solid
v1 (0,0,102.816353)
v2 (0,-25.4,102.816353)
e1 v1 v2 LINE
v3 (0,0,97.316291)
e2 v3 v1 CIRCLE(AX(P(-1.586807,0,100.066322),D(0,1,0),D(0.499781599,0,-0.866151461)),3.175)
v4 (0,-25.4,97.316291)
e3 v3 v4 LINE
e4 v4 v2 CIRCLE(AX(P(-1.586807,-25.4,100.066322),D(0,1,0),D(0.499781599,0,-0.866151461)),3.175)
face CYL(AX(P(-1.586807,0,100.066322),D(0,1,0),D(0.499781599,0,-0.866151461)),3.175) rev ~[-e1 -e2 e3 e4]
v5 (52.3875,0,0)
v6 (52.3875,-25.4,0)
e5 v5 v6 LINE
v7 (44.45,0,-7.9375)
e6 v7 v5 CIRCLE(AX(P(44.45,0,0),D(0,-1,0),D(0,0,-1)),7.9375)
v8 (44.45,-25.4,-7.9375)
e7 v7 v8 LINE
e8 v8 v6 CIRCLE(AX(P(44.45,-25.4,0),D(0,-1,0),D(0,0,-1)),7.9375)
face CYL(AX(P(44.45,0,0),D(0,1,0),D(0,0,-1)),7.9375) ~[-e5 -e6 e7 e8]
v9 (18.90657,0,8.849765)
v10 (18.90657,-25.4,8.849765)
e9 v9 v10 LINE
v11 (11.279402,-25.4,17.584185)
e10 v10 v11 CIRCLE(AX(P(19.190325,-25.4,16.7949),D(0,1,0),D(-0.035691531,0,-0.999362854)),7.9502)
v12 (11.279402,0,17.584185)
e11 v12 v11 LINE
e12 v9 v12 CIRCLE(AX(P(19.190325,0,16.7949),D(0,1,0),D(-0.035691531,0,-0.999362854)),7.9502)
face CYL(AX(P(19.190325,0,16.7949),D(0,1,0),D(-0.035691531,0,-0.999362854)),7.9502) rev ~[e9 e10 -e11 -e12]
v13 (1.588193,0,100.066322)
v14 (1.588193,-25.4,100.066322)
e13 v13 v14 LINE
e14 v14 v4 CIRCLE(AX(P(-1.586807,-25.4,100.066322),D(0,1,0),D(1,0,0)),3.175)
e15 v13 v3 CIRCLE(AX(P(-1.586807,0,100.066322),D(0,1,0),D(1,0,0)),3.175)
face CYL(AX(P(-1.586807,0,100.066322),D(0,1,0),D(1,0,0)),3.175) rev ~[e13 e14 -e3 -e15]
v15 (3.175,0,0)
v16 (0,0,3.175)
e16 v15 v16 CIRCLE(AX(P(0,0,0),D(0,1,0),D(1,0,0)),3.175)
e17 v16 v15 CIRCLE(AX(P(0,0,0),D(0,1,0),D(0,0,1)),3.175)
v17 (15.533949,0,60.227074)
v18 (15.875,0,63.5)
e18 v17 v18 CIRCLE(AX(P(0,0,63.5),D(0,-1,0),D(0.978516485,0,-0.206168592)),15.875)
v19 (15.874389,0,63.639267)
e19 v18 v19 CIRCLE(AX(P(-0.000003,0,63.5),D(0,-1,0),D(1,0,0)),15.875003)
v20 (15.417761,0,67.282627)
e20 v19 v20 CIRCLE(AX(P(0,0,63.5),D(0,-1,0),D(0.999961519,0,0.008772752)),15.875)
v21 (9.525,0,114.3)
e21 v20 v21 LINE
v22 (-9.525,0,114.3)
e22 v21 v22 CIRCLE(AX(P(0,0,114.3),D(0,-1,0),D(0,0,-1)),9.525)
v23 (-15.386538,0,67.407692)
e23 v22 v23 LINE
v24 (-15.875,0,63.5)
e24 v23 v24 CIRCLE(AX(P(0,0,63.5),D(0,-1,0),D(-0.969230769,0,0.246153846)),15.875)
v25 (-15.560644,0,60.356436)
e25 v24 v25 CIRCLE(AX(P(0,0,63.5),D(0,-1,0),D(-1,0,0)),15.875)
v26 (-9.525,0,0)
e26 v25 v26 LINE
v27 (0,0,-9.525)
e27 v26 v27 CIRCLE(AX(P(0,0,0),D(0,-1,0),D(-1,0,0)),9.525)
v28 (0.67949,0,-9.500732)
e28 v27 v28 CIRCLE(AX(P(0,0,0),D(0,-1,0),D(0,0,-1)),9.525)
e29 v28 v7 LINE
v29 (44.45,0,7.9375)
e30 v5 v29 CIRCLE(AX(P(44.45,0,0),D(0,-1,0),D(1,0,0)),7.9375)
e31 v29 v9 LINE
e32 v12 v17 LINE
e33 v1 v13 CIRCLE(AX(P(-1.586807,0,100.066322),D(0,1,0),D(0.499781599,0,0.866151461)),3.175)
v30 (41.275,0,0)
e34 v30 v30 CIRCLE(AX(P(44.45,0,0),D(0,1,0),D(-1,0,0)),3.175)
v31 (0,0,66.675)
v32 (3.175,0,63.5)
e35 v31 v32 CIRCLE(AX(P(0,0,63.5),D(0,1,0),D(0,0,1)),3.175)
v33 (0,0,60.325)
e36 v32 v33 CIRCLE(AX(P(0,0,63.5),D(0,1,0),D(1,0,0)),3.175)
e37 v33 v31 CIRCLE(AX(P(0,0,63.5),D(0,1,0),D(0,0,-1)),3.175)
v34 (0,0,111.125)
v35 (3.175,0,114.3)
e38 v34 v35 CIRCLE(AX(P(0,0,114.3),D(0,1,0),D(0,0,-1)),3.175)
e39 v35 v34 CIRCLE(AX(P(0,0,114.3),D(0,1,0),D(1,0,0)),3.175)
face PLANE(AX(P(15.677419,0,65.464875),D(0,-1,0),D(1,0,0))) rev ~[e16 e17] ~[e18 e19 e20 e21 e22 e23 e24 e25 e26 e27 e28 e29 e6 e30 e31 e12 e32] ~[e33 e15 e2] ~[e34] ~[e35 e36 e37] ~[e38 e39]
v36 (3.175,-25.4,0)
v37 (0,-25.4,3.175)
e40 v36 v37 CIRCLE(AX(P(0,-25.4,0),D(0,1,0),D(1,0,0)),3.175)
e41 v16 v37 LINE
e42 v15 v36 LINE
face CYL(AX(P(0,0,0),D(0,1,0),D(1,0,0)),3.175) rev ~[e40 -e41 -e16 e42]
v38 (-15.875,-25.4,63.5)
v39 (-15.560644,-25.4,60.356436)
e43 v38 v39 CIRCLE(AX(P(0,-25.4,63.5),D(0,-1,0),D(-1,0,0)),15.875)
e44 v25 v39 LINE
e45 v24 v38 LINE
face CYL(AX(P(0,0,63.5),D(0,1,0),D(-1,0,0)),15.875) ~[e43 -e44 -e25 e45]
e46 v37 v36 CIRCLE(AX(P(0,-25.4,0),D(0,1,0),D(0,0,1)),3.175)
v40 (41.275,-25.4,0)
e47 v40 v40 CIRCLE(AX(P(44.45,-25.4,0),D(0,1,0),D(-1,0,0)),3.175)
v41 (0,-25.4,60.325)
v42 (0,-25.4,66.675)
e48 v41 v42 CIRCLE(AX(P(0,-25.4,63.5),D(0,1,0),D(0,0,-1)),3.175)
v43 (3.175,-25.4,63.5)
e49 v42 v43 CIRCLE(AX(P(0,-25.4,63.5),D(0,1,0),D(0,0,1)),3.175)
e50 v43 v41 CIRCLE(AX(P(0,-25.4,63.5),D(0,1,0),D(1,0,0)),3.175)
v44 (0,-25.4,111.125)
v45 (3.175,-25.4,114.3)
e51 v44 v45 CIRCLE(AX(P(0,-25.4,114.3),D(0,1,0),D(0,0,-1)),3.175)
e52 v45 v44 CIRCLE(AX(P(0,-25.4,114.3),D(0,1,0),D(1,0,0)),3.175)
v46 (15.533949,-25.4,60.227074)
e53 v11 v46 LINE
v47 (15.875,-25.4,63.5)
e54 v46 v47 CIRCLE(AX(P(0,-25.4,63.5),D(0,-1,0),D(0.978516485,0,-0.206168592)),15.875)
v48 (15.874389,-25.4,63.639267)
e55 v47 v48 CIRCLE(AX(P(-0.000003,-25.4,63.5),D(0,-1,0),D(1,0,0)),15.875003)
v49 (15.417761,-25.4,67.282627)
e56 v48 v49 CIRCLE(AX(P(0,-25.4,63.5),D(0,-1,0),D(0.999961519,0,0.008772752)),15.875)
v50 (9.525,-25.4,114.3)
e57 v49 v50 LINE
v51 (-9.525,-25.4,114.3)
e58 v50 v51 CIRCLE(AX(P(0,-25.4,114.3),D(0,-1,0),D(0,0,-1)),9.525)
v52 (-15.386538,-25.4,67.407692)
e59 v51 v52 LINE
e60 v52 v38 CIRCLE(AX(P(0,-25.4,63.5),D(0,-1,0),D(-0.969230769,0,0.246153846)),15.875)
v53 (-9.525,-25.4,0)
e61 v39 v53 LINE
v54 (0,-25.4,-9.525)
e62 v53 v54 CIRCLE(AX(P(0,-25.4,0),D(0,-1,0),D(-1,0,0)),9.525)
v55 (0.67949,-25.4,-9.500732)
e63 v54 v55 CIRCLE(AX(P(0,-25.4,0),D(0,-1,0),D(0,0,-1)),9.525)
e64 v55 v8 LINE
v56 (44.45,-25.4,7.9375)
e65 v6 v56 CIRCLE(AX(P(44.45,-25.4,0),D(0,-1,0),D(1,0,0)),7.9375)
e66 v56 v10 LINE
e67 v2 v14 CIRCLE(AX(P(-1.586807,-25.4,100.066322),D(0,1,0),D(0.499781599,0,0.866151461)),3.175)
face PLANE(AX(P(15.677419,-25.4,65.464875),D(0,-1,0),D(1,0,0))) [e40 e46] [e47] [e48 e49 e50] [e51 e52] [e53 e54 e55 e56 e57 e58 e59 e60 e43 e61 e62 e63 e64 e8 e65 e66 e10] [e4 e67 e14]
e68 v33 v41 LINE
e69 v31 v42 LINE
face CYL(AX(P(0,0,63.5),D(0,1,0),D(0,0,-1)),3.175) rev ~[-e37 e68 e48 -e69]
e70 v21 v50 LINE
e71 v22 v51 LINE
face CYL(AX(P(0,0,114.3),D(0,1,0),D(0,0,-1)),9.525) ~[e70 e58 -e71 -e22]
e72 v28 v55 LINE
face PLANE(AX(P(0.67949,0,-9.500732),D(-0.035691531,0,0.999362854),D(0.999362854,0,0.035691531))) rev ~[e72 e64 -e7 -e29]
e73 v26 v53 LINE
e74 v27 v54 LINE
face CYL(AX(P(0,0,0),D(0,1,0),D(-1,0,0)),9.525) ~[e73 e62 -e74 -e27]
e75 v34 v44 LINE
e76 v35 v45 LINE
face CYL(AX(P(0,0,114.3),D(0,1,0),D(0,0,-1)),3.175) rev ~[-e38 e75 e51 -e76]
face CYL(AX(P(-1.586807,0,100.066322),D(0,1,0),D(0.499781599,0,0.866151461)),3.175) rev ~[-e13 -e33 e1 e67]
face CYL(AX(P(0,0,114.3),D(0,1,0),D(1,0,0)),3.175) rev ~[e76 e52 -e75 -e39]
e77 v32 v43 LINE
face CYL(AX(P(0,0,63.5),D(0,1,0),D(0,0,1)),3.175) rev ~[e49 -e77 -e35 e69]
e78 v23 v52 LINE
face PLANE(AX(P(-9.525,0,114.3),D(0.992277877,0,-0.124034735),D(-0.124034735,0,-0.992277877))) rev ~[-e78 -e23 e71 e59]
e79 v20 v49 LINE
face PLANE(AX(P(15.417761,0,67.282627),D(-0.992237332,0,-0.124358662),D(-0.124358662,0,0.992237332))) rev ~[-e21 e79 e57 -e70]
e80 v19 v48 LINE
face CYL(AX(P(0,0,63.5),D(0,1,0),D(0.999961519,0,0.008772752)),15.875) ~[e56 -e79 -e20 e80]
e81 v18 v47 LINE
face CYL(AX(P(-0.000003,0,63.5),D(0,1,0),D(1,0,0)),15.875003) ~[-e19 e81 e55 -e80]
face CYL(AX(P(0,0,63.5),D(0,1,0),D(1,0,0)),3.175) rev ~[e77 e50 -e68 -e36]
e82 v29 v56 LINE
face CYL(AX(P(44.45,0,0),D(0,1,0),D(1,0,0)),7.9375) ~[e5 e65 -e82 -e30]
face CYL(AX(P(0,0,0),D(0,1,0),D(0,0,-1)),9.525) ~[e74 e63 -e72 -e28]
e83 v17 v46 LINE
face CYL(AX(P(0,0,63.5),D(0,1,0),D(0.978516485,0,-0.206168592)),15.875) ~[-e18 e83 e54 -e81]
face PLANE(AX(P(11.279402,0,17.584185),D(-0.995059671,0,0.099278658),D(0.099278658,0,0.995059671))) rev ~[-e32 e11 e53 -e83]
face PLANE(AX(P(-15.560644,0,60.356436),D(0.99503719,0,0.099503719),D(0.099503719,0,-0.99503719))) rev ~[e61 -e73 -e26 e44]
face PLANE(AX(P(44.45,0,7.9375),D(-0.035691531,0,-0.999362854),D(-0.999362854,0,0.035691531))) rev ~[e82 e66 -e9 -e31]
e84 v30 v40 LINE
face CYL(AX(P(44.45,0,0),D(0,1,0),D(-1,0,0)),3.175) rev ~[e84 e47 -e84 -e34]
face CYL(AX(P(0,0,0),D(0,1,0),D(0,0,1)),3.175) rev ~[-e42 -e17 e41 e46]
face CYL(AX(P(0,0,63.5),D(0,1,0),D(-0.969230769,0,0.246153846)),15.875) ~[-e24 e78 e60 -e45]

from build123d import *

# Parameters (mm, degrees)
F1_DEPTH = 25.4


with BuildPart() as f1:
    # F0 (on Front) → F1 (new body)
    with BuildSketch(Plane.XZ):
        with BuildLine():
            ThreePointArc((15.874389109, 63.6392674313), (15.7517676472, 65.4741937567), (15.4177611541, 67.2826268644))
            Line((15.4177611541, 67.2826268644), (15.874389109, 63.6392674313))
        make_face()
        with BuildLine():
            Line((-15.875, 63.5), (-15.3865384615, 67.4076923077))
            ThreePointArc((-15.3865384615, 67.4076923077), (-15.7524112928, 65.4690514116), (-15.875, 63.5))
        make_face()
        with BuildLine():
            Line((-15.5606435644, 60.3564356436), (-15.875, 63.5))
            ThreePointArc((-15.875, 63.5), (-15.7962153946, 61.9203784605), (-15.5606435644, 60.3564356436))
        make_face()
        with BuildLine():
            ThreePointArc((15.875, 63.5), (15.8748472765, 63.5696343856), (15.874389109, 63.6392674313))
            Line((15.874389109, 63.6392674313), (15.5339492009, 60.2270735993))
            ThreePointArc((15.5339492009, 60.2270735993), (15.7895070943, 61.8546761054), (15.875, 63.5))
        make_face()
        with BuildLine():
            Line((0.6794904459, -9.5007324841), (0, -9.525))
            ThreePointArc((0, -9.525), (0.3399618281, -9.5189311877), (0.6794904459, -9.5007324841))
        make_face()
        with BuildLine():
            ThreePointArc((0, 104.775), (6.7351920908, 107.5648079092), (9.525, 114.3))
            ThreePointArc((9.525, 114.3), (0, 123.825), (-9.525, 114.3))
            ThreePointArc((-9.525, 114.3), (-6.7351920908, 107.5648079092), (0, 104.775))
        make_face()
        with BuildLine():
            ThreePointArc((3.175, 114.3), (2.2450640303, 112.0549359697), (0, 111.125))
            ThreePointArc((0, 111.125), (-2.2450640303, 116.5450640303), (3.175, 114.3))
        make_face(mode=Mode.SUBTRACT)
        with BuildLine():
            ThreePointArc((0, 47.625), (-10.0526499203, 51.2134278751), (-15.5606435644, 60.3564356436))
            Line((-15.5606435644, 60.3564356436), (-9.525, 0))
            ThreePointArc((-9.525, 0), (-6.7351920908, 6.7351920908), (0, 9.525))
            Line((0, 9.525), (0, 47.625))
        make_face()
        with BuildLine():
            Line((36.5125, 0), (9.525, 0))
            ThreePointArc((9.525, 0), (6.9712901065, -6.4905114784), (0.6794904459, -9.5007324841))
            Line((0.6794904459, -9.5007324841), (44.45, -7.9375))
            ThreePointArc((44.45, -7.9375), (38.8373399243, -5.6126600757), (36.5125, 0))
        make_face()
        with BuildLine():
            ThreePointArc((52.3875, 0), (50.0626600757, 5.6126600757), (44.45, 7.9375))
            ThreePointArc((44.45, 7.9375), (38.8373399243, 5.6126600757), (36.5125, 0))
            ThreePointArc((36.5125, 0), (38.8373399243, -5.6126600757), (44.45, -7.9375))
            ThreePointArc((44.45, -7.9375), (50.0626600757, -5.6126600757), (52.3875, 0))
        make_face()
        with BuildLine():
            ThreePointArc((47.625, 0), (44.45, -3.175), (41.275, 0))
            ThreePointArc((41.275, 0), (44.45, 3.175), (47.625, 0))
        make_face(mode=Mode.SUBTRACT)
        with BuildLine():
            Line((15.4177611541, 67.2826268644), (9.525, 114.3))
            ThreePointArc((9.525, 114.3), (6.7351920908, 107.5648079092), (0, 104.775))
            Line((0, 104.775), (0, 102.8163525843))
            ThreePointArc((0, 102.8163525843), (1.1626238989, 101.6541683696), (1.5881934232, 100.0663216958))
            ThreePointArc((1.5881934232, 100.0663216958), (1.1626238989, 98.478475022), (0, 97.3162908073))
            Line((0, 97.3162908073), (0, 79.375))
            ThreePointArc((0, 79.375), (9.7971022126, 75.9912934973), (15.4177611541, 67.2826268644))
        make_face()
        with BuildLine():
            Line((11.2794016117, 17.5841850976), (15.5339492009, 60.2270735993))
            ThreePointArc((15.5339492009, 60.2270735993), (10.0014478549, 51.1717127789), (0, 47.625))
            Line((0, 47.625), (0, 9.525))
            ThreePointArc((0, 9.525), (6.7351920908, 6.7351920908), (9.525, 0))
            Line((9.525, 0), (36.5125, 0))
            ThreePointArc((36.5125, 0), (38.8373399243, 5.6126600757), (44.45, 7.9375))
            Line((44.45, 7.9375), (18.9065701995, 8.84976535))
            ThreePointArc((18.9065701995, 8.84976535), (13.2019437733, 11.565658071), (11.2794016117, 17.5841850976))
        make_face()
        with BuildLine():
            ThreePointArc((0, 9.525), (-6.7351920908, 6.7351920908), (-9.525, 0))
            ThreePointArc((-9.525, 0), (-6.7351920908, -6.7351920908), (0, -9.525))
            Line((0, -9.525), (0.6794904459, -9.5007324841))
            ThreePointArc((0.6794904459, -9.5007324841), (6.9712901065, -6.4905114784), (9.525, 0))
            Line((9.525, 0), (3.175, 0))
            ThreePointArc((3.175, 0), (-2.2450640303, -2.2450640303), (0, 3.175))
            Line((0, 3.175), (0, 9.525))
        make_face()
        with BuildLine():
            Line((15.874389109, 63.6392674313), (15.4177611541, 67.2826268644))
            ThreePointArc((15.4177611541, 67.2826268644), (9.7971022126, 75.9912934973), (0, 79.375))
            Line((0, 79.375), (0, 66.675))
            ThreePointArc((0, 66.675), (2.2450640303, 65.7450640303), (3.175, 63.5))
            ThreePointArc((3.175, 63.5), (2.2450640303, 61.2549359697), (0, 60.325))
            Line((0, 60.325), (0, 47.625))
            ThreePointArc((0, 47.625), (10.0014478549, 51.1717127789), (15.5339492009, 60.2270735993))
            Line((15.5339492009, 60.2270735993), (15.874389109, 63.6392674313))
        make_face()
        with BuildLine():
            ThreePointArc((0, 79.375), (-9.7463072395, 76.0309664508), (-15.3865384615, 67.4076923077))
            Line((-15.3865384615, 67.4076923077), (-15.875, 63.5))
            Line((-15.875, 63.5), (-15.5606435644, 60.3564356436))
            ThreePointArc((-15.5606435644, 60.3564356436), (-10.0526499203, 51.2134278751), (0, 47.625))
            Line((0, 47.625), (0, 60.325))
            ThreePointArc((0, 60.325), (-3.175, 63.5), (0, 66.675))
            Line((0, 66.675), (0, 79.375))
        make_face()
        with BuildLine():
            ThreePointArc((0, 104.775), (-6.7351920908, 107.5648079092), (-9.525, 114.3))
            Line((-9.525, 114.3), (-15.3865384615, 67.4076923077))
            ThreePointArc((-15.3865384615, 67.4076923077), (-9.7463072395, 76.0309664508), (0, 79.375))
            Line((0, 79.375), (0, 97.3162908073))
            ThreePointArc((0, 97.3162908073), (-4.7618065768, 100.0663216958), (0, 102.8163525843))
            Line((0, 102.8163525843), (0, 104.775))
        make_face()
        with BuildLine():
            ThreePointArc((9.525, 0), (6.7351920908, 6.7351920908), (0, 9.525))
            Line((0, 9.525), (0, 3.175))
            ThreePointArc((0, 3.175), (2.2450640303, 2.2450640303), (3.175, 0))
            Line((3.175, 0), (9.525, 0))
        make_face()
    extrude(amount=F1_DEPTH)


solid = f1.part
